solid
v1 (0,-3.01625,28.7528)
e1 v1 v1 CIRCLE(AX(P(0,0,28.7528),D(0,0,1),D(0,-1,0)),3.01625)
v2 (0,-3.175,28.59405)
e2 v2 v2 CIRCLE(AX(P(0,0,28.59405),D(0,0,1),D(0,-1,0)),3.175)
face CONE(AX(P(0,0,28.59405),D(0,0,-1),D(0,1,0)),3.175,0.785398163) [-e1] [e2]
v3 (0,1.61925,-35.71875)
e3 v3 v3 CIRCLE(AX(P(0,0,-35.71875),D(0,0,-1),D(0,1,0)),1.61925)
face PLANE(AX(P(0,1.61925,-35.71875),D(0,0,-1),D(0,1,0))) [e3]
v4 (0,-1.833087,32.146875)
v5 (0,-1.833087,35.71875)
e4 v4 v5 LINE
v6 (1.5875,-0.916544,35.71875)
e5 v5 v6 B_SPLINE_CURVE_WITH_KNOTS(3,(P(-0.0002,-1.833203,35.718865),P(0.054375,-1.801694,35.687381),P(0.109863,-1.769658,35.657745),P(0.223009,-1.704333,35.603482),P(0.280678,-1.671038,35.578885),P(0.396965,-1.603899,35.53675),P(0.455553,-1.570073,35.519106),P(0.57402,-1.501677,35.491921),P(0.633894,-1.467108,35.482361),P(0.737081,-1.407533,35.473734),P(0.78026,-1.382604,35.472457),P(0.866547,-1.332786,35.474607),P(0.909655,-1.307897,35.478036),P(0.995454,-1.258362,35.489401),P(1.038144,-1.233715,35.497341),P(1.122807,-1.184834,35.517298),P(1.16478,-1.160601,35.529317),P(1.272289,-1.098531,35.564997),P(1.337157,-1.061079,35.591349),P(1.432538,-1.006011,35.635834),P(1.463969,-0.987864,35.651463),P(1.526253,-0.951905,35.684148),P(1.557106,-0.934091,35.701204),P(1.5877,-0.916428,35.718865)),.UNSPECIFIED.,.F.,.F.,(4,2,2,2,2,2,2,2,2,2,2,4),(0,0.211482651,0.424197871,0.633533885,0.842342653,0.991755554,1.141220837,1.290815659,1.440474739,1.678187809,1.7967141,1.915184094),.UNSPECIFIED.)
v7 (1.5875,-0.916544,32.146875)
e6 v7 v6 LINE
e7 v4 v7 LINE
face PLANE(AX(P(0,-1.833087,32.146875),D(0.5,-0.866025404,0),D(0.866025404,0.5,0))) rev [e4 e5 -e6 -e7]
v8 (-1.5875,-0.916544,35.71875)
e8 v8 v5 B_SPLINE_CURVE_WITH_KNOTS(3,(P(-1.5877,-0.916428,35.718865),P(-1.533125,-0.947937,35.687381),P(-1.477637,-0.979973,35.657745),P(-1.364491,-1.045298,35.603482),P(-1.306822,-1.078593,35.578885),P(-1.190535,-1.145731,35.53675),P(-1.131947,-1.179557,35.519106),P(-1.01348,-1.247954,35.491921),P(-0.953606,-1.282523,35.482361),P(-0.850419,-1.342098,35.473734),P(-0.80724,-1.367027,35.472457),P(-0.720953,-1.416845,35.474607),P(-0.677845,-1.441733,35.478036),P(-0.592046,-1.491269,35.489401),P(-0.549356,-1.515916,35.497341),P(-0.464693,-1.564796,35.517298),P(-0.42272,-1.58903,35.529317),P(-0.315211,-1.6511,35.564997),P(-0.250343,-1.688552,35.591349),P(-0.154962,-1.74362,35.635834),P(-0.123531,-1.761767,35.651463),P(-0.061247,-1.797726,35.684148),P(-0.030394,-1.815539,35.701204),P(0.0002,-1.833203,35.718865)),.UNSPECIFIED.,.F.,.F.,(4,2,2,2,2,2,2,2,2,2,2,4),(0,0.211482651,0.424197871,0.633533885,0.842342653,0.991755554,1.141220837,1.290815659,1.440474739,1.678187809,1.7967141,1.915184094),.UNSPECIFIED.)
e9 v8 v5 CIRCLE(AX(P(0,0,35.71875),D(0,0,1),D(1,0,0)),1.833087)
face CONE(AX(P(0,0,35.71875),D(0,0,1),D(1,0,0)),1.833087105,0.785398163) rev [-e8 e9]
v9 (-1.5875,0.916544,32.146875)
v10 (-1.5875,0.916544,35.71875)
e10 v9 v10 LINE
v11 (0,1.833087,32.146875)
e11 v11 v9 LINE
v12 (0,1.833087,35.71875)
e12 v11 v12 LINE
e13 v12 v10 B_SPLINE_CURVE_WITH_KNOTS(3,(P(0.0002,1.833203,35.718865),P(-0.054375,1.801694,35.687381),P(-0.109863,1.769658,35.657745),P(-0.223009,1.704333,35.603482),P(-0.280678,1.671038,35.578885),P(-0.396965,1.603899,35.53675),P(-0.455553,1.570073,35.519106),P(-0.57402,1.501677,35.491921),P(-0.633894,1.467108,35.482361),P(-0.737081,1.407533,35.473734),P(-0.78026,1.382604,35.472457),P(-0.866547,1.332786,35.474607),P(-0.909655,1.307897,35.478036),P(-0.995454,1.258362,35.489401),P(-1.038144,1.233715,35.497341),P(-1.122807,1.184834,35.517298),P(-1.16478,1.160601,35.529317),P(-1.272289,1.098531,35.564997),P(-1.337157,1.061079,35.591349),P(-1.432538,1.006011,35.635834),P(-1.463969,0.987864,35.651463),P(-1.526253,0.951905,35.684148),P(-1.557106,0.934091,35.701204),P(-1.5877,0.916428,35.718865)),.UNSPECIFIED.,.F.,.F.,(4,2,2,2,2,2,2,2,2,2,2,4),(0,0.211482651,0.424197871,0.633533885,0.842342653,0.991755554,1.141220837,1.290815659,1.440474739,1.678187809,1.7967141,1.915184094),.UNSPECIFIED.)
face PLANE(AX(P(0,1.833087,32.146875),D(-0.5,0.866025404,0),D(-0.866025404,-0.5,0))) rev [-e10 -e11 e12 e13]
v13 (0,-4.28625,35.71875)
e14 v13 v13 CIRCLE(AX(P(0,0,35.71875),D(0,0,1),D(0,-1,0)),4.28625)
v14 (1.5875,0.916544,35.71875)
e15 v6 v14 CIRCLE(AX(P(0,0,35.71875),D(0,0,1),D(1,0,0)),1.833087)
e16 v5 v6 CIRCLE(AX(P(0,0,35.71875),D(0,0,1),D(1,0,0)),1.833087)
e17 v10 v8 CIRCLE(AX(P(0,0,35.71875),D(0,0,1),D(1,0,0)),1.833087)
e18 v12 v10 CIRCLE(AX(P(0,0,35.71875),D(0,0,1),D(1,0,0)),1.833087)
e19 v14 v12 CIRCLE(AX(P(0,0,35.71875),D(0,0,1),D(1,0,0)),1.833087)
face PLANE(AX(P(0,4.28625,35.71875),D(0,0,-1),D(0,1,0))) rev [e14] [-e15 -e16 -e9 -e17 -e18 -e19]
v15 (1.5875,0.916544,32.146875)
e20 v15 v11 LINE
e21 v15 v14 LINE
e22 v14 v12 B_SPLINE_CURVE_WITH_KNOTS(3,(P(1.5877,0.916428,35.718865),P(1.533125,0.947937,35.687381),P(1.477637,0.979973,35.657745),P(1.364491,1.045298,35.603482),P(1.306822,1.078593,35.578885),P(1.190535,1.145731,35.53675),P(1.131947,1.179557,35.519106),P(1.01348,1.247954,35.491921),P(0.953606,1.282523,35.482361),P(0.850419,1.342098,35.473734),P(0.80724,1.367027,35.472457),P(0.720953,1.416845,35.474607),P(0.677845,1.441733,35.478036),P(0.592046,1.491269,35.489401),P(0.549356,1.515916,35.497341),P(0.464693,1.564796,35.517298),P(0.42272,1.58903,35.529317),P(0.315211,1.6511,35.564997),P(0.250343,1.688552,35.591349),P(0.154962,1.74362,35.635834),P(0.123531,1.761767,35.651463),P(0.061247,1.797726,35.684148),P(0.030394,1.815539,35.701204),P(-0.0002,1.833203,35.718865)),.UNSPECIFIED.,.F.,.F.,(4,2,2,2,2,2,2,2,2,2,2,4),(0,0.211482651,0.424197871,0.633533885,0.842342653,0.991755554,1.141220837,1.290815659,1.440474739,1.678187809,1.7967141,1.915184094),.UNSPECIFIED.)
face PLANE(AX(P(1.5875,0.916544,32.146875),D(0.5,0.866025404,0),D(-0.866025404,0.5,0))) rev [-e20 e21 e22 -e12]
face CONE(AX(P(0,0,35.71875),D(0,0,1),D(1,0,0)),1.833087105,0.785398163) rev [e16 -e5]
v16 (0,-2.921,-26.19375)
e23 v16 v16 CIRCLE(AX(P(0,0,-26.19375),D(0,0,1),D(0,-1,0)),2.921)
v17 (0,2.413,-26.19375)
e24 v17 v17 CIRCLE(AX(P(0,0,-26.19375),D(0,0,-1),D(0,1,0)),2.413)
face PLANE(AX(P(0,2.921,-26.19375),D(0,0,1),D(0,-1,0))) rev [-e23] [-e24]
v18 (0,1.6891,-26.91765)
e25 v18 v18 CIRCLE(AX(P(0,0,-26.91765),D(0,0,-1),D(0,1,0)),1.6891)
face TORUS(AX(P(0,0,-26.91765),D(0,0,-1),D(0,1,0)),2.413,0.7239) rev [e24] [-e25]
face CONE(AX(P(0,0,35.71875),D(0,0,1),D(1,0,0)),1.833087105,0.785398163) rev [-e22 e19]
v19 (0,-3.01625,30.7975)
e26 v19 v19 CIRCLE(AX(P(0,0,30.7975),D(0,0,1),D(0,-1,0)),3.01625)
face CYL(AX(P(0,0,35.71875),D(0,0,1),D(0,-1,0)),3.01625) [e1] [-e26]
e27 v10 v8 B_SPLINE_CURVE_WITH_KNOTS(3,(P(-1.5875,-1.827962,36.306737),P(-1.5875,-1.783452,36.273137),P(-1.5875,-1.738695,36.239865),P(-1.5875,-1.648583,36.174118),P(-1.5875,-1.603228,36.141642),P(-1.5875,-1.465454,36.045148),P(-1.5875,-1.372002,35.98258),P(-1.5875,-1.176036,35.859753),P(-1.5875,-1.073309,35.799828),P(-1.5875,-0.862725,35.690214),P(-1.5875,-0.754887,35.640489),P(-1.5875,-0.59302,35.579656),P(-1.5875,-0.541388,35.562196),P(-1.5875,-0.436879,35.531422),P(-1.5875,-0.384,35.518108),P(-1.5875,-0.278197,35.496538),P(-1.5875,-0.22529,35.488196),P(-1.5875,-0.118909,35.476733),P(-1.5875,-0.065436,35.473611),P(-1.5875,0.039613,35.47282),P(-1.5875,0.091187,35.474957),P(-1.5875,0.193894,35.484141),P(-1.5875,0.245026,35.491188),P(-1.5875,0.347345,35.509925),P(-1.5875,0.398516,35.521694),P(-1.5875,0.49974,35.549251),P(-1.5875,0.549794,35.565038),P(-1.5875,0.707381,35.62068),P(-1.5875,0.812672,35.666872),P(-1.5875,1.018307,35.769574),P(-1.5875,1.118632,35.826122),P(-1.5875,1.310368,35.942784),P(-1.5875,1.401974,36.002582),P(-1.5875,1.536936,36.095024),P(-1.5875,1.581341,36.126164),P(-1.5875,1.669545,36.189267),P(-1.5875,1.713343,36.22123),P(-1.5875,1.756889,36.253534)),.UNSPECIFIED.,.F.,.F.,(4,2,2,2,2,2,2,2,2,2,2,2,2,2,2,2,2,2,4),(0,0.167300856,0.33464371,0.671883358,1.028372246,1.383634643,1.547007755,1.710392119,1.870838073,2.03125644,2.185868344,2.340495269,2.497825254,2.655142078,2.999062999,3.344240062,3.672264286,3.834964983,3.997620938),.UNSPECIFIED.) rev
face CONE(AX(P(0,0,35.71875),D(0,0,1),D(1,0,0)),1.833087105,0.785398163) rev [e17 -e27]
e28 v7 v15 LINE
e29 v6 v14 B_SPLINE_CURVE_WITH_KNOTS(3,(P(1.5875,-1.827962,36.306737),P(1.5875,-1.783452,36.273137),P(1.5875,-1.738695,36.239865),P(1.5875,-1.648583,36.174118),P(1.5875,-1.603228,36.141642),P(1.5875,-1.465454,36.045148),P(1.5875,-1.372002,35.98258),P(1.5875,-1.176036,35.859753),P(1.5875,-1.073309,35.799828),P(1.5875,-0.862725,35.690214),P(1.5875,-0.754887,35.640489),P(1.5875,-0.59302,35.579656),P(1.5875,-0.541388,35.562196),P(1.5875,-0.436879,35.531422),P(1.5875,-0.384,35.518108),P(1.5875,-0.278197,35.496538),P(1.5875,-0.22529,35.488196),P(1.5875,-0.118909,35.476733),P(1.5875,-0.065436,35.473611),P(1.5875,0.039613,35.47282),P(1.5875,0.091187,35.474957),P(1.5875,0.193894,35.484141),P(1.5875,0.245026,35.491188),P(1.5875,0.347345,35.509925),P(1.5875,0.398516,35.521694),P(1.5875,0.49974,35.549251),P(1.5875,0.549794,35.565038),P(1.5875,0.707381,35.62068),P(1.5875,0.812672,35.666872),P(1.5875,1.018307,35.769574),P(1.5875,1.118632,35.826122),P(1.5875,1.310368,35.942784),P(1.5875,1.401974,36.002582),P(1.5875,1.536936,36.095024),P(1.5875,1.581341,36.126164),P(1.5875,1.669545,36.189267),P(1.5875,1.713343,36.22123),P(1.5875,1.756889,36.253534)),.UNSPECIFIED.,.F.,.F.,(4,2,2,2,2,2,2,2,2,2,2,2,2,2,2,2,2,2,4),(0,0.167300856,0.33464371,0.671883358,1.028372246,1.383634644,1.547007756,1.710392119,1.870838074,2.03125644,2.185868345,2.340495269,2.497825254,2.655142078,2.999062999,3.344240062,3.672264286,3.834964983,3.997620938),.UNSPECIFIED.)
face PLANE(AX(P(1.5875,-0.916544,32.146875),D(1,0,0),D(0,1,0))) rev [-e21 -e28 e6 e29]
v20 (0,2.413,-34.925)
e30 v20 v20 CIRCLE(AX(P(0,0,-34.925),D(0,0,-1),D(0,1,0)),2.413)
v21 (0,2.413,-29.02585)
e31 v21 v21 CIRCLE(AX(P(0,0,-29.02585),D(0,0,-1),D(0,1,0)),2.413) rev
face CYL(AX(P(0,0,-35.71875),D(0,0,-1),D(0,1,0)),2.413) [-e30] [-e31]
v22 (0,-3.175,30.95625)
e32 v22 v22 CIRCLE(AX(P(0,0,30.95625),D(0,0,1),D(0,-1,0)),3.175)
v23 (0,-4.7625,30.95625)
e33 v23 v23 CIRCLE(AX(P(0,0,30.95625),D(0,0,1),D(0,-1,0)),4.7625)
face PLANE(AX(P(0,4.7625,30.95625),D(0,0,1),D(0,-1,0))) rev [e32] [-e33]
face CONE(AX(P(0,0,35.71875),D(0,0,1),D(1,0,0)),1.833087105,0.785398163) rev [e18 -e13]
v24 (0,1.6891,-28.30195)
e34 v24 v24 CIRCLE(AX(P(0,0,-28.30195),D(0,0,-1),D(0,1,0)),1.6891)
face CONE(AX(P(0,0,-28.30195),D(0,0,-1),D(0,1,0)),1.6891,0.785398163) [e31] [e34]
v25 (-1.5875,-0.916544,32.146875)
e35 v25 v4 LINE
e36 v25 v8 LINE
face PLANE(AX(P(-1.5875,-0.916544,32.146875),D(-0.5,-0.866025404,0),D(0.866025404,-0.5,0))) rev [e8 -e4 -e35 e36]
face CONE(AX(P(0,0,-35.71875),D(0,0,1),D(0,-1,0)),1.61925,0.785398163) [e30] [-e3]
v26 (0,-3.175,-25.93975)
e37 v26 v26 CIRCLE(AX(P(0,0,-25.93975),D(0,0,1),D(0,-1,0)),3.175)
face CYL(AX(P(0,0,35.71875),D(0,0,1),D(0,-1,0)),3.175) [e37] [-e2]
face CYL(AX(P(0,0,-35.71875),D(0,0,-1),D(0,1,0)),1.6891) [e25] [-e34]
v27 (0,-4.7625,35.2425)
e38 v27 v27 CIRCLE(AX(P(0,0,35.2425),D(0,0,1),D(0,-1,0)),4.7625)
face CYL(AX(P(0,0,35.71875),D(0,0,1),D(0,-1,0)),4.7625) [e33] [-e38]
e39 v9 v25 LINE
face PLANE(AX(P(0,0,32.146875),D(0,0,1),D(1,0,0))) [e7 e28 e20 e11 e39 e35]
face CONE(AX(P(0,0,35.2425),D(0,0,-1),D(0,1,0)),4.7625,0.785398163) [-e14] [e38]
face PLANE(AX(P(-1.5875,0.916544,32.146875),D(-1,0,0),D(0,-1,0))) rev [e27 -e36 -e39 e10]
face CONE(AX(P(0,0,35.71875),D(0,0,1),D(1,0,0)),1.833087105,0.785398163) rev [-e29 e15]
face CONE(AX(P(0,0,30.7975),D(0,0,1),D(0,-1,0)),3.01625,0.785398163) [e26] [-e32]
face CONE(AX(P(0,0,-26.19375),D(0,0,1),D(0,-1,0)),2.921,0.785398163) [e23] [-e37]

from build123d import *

# Parameters (mm, degrees)
CUT_EXTRUDE1_DEPTH = 3.571875


with BuildPart() as part:
    # Sketch4 → Revolve1 (revolve)
    with BuildSketch(Plane(origin=(0, 0, 0), x_dir=(0, 0, -1), z_dir=(1, 0, 0))):
        Polygon((-30.95625, 4.7625), (-35.2425, 4.7625), (-35.71875, 4.28625), (-35.71875, 0), (26.19375, 0), (26.19375, 2.921), (25.93975, 3.175), (-28.59405, 3.175), (-28.7528, 3.01625), (-30.7975, 3.01625), (-30.95625, 3.175), align=None)
    revolve(axis=Axis((0, 0, 35.71875), (0, 0, -1)))

    # Sketch5 → Cut-Extrude1 (cut)
    with BuildSketch(Plane.XY.offset(35.71875)):
        Polygon((1.5875, 0.916543552), (0, 1.833087105), (-1.5875, 0.916543552), (-1.5875, -0.916543552), (0, -1.833087105), (1.5875, -0.916543552), align=None)
    extrude(amount=-CUT_EXTRUDE1_DEPTH, mode=Mode.SUBTRACT)

    # Cut-Extrude4 cone 1 section (through the dimple's axis) → Cut-Extrude4 (revolve, cut)
    with BuildSketch(Plane(origin=(0, 0, 35.71875), x_dir=(0, -1, 0), z_dir=(1, 0, 0))):
        Polygon((0, 0), (1.833087105, 0), (0, 1.833087105), align=None)
    revolve(axis=Axis((0, 0, 35.71875), (0, 0, -1)), mode=Mode.SUBTRACT)

    # Sketch7 → Revolve2 (revolve)
    with BuildSketch(Plane(origin=(0, 0, 0), x_dir=(0, 0, -1), z_dir=(1, 0, 0))):
        Polygon((26.19375, 2.413), (34.925, 2.413), (35.71875, 1.61925), (35.71875, 0), (26.19375, 0), align=None)
    revolve(axis=Axis((0, 0, -35.71875), (0, 0, 1)))

    # Sketch10 → Cut-Revolve1 (revolve, cut)
    with BuildSketch(Plane(origin=(0, 0, 0), x_dir=(0, 0, -1), z_dir=(1, 0, 0))):
        with BuildLine():
            Line((26.91765, 1.6891), (28.30195, 1.6891))
            Line((28.30195, 1.6891), (29.78785, 3.175))
            Line((29.78785, 3.175), (26.19375, 3.175))
            Line((26.19375, 3.175), (26.19375, 2.413))
            ThreePointArc((26.19375, 2.413), (26.405775401, 1.901125401), (26.91765, 1.6891))
        make_face()
    revolve(axis=Axis((0, 0, -35.71875), (0, 0, 1)), mode=Mode.SUBTRACT)


solid = part.part
